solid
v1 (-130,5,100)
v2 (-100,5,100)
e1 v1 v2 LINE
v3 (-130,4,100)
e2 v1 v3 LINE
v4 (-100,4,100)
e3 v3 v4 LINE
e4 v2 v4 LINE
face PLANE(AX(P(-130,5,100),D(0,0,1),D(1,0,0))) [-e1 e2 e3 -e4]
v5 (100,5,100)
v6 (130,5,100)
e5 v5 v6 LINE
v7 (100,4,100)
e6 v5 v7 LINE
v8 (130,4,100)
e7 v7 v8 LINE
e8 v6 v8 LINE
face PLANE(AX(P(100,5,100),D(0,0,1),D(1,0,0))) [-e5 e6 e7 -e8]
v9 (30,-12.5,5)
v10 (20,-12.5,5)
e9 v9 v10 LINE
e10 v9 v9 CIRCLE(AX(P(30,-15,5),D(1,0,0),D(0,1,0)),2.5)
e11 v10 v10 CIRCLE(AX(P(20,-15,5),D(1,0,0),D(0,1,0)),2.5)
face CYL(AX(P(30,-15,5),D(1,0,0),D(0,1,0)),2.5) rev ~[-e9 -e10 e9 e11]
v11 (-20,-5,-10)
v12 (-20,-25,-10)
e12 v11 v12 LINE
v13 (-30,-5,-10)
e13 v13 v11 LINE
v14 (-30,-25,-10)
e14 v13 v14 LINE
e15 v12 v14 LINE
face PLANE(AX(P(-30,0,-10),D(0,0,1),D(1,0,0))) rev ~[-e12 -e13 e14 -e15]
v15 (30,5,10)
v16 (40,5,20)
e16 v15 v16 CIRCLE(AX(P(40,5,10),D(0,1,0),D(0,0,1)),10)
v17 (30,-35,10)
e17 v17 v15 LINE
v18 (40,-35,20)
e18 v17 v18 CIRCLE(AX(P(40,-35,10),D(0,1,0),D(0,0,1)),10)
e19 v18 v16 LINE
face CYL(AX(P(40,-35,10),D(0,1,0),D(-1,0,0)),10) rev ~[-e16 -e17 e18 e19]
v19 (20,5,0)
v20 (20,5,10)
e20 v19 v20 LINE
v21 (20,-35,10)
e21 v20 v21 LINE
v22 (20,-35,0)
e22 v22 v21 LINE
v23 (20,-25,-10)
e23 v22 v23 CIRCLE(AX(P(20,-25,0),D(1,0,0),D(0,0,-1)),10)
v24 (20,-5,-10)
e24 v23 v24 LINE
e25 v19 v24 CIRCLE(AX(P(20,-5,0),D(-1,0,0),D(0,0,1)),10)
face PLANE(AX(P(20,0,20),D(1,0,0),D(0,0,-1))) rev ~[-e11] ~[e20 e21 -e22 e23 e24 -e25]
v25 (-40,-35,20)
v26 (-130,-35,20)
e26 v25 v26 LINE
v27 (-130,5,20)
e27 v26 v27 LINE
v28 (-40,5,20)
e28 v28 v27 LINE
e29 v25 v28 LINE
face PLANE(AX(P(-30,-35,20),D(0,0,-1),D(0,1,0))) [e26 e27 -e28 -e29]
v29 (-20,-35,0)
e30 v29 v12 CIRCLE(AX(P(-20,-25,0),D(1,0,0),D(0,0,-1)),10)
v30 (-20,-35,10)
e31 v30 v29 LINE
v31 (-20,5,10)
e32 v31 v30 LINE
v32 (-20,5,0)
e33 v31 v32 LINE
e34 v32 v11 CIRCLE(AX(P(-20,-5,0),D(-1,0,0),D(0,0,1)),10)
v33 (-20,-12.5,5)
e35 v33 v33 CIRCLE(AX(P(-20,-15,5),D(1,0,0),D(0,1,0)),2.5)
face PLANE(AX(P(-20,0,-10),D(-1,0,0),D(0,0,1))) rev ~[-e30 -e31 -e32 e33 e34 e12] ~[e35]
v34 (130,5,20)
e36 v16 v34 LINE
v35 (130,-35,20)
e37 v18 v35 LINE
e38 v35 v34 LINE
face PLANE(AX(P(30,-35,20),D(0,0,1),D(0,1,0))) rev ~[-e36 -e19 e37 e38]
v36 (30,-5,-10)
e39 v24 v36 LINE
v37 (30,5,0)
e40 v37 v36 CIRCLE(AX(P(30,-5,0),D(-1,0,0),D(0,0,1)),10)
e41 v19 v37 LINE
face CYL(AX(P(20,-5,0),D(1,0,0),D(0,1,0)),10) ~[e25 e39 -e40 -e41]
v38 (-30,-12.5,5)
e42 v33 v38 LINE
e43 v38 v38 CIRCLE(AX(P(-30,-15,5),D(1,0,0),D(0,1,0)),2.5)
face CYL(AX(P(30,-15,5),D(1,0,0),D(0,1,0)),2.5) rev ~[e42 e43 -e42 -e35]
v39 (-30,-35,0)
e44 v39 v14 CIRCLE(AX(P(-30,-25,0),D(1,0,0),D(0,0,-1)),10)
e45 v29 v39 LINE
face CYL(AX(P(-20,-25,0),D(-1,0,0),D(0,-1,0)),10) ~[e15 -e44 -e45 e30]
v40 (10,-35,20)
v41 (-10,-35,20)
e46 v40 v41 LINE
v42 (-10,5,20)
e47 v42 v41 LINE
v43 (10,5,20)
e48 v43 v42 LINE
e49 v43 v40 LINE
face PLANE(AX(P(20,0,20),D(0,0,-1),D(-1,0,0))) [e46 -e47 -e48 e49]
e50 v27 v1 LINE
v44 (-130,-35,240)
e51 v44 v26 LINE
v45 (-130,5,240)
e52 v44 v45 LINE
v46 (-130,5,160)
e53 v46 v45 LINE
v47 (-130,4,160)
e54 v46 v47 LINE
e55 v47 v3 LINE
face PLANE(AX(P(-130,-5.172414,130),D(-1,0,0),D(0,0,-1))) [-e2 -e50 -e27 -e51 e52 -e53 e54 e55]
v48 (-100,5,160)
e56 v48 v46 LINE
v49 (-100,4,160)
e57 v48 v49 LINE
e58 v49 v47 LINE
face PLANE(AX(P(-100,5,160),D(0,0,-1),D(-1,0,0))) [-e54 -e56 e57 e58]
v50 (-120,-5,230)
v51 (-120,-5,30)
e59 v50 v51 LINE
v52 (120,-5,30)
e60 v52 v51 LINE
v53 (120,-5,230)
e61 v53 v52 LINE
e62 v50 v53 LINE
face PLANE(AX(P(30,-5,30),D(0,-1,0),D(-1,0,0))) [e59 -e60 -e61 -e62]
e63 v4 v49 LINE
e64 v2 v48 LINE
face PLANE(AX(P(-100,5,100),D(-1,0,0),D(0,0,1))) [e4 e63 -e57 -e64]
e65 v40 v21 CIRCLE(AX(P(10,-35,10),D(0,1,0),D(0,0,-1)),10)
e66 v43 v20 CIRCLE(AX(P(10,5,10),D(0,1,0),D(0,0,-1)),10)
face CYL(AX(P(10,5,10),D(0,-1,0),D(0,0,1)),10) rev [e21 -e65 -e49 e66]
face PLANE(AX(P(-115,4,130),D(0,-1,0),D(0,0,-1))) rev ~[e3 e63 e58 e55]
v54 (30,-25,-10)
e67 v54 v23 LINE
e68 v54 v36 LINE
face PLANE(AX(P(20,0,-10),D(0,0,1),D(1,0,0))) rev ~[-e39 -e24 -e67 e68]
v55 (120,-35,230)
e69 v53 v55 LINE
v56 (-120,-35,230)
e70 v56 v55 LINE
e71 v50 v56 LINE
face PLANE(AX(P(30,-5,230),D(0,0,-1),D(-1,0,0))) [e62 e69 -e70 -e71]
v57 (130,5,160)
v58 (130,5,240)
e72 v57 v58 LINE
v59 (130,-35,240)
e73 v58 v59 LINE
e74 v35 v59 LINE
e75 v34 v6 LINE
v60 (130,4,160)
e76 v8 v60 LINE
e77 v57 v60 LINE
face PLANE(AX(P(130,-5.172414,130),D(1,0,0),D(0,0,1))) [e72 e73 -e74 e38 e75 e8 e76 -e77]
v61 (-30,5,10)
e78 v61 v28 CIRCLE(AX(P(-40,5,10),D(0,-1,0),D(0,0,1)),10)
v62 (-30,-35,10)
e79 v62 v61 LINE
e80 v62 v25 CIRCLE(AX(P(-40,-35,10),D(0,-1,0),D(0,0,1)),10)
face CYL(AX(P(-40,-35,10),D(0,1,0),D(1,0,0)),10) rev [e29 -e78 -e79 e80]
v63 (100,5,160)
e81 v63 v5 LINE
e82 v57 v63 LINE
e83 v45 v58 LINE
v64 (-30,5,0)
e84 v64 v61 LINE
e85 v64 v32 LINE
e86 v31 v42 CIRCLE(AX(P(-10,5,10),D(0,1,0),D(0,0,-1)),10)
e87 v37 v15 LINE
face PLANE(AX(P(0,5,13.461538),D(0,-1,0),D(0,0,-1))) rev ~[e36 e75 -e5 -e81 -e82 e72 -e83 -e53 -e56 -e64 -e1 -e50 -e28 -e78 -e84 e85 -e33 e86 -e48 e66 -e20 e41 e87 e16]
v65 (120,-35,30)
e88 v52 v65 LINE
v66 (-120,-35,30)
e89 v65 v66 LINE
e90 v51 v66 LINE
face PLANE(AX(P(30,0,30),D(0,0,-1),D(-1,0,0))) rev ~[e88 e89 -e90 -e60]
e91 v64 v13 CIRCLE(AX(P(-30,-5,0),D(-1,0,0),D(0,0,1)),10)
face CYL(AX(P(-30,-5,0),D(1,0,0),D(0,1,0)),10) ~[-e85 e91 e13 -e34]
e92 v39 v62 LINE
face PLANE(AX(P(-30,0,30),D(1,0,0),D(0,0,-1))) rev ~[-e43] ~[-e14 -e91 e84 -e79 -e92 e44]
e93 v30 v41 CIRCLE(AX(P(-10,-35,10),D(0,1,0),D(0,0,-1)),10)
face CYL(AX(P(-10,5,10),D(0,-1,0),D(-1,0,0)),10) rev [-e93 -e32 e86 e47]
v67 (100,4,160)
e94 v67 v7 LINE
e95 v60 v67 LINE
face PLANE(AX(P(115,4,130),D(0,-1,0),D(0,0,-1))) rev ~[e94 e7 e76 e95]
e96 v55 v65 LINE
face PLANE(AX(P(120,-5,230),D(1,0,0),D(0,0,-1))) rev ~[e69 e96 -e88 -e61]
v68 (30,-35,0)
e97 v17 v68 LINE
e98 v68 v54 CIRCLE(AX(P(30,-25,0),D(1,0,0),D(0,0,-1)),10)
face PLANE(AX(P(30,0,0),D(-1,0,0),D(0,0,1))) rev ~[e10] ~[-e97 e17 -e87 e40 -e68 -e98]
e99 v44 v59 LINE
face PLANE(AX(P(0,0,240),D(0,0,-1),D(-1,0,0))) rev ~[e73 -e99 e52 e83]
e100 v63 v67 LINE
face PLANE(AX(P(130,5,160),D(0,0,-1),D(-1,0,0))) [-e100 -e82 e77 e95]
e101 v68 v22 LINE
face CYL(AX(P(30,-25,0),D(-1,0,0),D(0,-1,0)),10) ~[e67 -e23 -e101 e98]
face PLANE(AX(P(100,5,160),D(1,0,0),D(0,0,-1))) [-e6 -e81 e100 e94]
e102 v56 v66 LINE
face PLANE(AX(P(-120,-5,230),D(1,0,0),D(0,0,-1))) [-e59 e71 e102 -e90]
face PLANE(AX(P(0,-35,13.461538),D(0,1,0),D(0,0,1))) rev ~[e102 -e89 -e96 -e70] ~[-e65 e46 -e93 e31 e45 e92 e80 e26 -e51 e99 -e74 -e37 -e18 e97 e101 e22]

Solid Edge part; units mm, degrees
sketch "Sketch1" plane through (0, 0, 0) normal (1, 0, 0) x (0, 1, 0)
  circle A0 centre (0, 0) radius 2.5
extrude "Protrusion1" add sketch "Sketch1" along normal mid plane 40
sketch "Sketch2" plane through (0, 0, 0) normal (0, -1, 0) x (1, 0, 0)
  line L0 (30, 0) -> (30, 20)
  line L1 (30, -10) -> (30, 0)
  line L2 (20, -10) -> (30, -10)
  line L3 (20, 20) -> (20, -10)
  line L4 (20, 20) -> (-20, 20)
  line L5 (-20, -10) -> (-20, 20)
  line L6 (-30, -10) -> (-20, -10)
  line L7 (-30, 0) -> (-30, -10)
  line L8 (-30, 20) -> (-30, 0)
  line L9 (-30, 30) -> (-30, 20)
  line L10 (30, 30) -> (-30, 30)
  line L11 (30, 20) -> (30, 30)
extrude "ExtrudedProtrusion_2" add sketch "Sketch2" along normal mid plane 10
sketch "Sketch3" plane through (0, -5, 10) normal (0, -1, 0) x (1, 0, 0)
  line L0 (-20, -20) -> (-20, -5)
  line L1 (-20, -5) -> (20, -5)
  line L2 (20, -5) -> (20, -20)
  line L3 (20, -20) -> (-20, -20)
extrude "ExtrudedCutout_1" cut sketch "Sketch3" against normal blind 16.4245
sketch "Sketch4" plane through (0, -5, 10) normal (0, -1, 0) x (1, 0, 0)
  line L0 (-30, -20) -> (-30, 20)
  line L1 (-30, 20) -> (30, 20)
  line L2 (30, 20) -> (30, -20)
  line L3 (30, -20) -> (20, -20)
  line L4 (20, -20) -> (20, 10)
  line L5 (20, 10) -> (-20, 10)
  line L6 (-20, 10) -> (-20, -20)
  line L7 (-20, -20) -> (-30, -20)
extrude "ExtrudedProtrusion_3" add sketch "Sketch4" along normal blind 30
sketch "Sketch5" plane through (30, -15, 10) normal (1, 0, 0) x (0, 1, 0)
  circle A0 centre (0, -5) radius 2.5
extrude "ExtrudedCutout_2" cut sketch "Sketch5" against normal blind 72.3648
fillet "Round_1" radius 10 4 edges at (-25, -35, -10) (25, -35, -10) (-25, 5, -10) (25, 5, -10)
sketch "Sketch6" plane through (0, -15, 30) normal (0, 0, 1) x (-1, 0, 0)
  line L0 (-30, -20) -> (-30, -10)
  line L1 (-30, -10) -> (30, -10)
  line L2 (30, -10) -> (30, -20)
  line L3 (30, -20) -> (-30, -20)
extrude "ExtrudedProtrusion_4" add sketch "Sketch6" along normal blind 210
sketch "Sketch7" plane through (0, -5, 135) normal (0, -1, 0) x (0, 0, 1)
  line L0 (105, -30) -> (95, -30)
  line L1 (95, -30) -> (95, 30)
  line L2 (95, 30) -> (105, 30)
  line L3 (105, 30) -> (105, -30)
extrude "Protrusion2" add sketch "Sketch7" along normal up to vertex (30 mm away)
sketch "Sketch8" plane through (30, -15, 115) normal (1, 0, 0) x (0, 0, 1)
  line L0 (-85, 20) -> (-95, 20)
  line L1 (-95, 20) -> (-95, -20)
  line L2 (-95, -20) -> (125, -20)
  line L3 (125, -20) -> (125, 20)
  line L4 (125, 20) -> (115, 20)
  line L5 (115, 20) -> (115, -10)
  line L6 (115, -10) -> (-85, -10)
  line L7 (-85, -10) -> (-85, 20)
extrude "ExtrudedProtrusion_6" add sketch "Sketch8" along normal blind 100
sketch "Sketch9" plane through (-30, -15, 115) normal (-1, 0, 0) x (0, 0, -1)
  line L0 (-125, 20) -> (-125, -20)
  line L1 (95, -20) -> (-125, -20)
  line L2 (95, 20) -> (95, -20)
  line L3 (85, 20) -> (95, 20)
  line L4 (85, -10) -> (85, 20)
  line L5 (-115, -10) -> (85, -10)
  line L6 (-115, 20) -> (-115, -10)
  line L7 (-125, 20) -> (-115, 20)
extrude "ExtrudedProtrusion_7" add sketch "Sketch9" along normal blind 100
sketch "Sketch10" plane through (0, -5, 130) normal (0, -1, 0) x (1, 0, 0)
  line L0 (-130, 100) -> (-120, 100)
  line L1 (-120, 100) -> (-120, -100)
  line L2 (-120, -100) -> (-130, -100)
  line L3 (-130, -100) -> (-130, 100)
  line L4 (130, 100) -> (120, 100)
  line L5 (120, 100) -> (120, -100)
  line L6 (120, -100) -> (130, -100)
  line L7 (130, -100) -> (130, 100)
extrude "ExtrudedProtrusion_8" add sketch "Sketch10" along normal blind 30
fillet "Round_2" radius 10 4 edges at (-30, -15, 20) (30, -15, 20) (-20, -15, 20) (20, -15, 20)
sketch "Sketch11" plane through (0, 5, 120) normal (0, 1, 0) x (0, 0, -1)
  line L0 (-40, 130) -> (-10, 130)
  line L1 (-10, 130) -> (20, 130)
  line L2 (20, 130) -> (20, 100)
  line L3 (20, 100) -> (-40, 100)
  line L4 (-40, 100) -> (-40, 130)
  line L5 (-40, -130) -> (-40, -100)
  line L6 (-40, -100) -> (20, -100)
  line L7 (20, -100) -> (20, -130)
  line L8 (20, -130) -> (-40, -130)
extrude "ExtrudedCutout_3" cut sketch "Sketch11" against normal blind 1
